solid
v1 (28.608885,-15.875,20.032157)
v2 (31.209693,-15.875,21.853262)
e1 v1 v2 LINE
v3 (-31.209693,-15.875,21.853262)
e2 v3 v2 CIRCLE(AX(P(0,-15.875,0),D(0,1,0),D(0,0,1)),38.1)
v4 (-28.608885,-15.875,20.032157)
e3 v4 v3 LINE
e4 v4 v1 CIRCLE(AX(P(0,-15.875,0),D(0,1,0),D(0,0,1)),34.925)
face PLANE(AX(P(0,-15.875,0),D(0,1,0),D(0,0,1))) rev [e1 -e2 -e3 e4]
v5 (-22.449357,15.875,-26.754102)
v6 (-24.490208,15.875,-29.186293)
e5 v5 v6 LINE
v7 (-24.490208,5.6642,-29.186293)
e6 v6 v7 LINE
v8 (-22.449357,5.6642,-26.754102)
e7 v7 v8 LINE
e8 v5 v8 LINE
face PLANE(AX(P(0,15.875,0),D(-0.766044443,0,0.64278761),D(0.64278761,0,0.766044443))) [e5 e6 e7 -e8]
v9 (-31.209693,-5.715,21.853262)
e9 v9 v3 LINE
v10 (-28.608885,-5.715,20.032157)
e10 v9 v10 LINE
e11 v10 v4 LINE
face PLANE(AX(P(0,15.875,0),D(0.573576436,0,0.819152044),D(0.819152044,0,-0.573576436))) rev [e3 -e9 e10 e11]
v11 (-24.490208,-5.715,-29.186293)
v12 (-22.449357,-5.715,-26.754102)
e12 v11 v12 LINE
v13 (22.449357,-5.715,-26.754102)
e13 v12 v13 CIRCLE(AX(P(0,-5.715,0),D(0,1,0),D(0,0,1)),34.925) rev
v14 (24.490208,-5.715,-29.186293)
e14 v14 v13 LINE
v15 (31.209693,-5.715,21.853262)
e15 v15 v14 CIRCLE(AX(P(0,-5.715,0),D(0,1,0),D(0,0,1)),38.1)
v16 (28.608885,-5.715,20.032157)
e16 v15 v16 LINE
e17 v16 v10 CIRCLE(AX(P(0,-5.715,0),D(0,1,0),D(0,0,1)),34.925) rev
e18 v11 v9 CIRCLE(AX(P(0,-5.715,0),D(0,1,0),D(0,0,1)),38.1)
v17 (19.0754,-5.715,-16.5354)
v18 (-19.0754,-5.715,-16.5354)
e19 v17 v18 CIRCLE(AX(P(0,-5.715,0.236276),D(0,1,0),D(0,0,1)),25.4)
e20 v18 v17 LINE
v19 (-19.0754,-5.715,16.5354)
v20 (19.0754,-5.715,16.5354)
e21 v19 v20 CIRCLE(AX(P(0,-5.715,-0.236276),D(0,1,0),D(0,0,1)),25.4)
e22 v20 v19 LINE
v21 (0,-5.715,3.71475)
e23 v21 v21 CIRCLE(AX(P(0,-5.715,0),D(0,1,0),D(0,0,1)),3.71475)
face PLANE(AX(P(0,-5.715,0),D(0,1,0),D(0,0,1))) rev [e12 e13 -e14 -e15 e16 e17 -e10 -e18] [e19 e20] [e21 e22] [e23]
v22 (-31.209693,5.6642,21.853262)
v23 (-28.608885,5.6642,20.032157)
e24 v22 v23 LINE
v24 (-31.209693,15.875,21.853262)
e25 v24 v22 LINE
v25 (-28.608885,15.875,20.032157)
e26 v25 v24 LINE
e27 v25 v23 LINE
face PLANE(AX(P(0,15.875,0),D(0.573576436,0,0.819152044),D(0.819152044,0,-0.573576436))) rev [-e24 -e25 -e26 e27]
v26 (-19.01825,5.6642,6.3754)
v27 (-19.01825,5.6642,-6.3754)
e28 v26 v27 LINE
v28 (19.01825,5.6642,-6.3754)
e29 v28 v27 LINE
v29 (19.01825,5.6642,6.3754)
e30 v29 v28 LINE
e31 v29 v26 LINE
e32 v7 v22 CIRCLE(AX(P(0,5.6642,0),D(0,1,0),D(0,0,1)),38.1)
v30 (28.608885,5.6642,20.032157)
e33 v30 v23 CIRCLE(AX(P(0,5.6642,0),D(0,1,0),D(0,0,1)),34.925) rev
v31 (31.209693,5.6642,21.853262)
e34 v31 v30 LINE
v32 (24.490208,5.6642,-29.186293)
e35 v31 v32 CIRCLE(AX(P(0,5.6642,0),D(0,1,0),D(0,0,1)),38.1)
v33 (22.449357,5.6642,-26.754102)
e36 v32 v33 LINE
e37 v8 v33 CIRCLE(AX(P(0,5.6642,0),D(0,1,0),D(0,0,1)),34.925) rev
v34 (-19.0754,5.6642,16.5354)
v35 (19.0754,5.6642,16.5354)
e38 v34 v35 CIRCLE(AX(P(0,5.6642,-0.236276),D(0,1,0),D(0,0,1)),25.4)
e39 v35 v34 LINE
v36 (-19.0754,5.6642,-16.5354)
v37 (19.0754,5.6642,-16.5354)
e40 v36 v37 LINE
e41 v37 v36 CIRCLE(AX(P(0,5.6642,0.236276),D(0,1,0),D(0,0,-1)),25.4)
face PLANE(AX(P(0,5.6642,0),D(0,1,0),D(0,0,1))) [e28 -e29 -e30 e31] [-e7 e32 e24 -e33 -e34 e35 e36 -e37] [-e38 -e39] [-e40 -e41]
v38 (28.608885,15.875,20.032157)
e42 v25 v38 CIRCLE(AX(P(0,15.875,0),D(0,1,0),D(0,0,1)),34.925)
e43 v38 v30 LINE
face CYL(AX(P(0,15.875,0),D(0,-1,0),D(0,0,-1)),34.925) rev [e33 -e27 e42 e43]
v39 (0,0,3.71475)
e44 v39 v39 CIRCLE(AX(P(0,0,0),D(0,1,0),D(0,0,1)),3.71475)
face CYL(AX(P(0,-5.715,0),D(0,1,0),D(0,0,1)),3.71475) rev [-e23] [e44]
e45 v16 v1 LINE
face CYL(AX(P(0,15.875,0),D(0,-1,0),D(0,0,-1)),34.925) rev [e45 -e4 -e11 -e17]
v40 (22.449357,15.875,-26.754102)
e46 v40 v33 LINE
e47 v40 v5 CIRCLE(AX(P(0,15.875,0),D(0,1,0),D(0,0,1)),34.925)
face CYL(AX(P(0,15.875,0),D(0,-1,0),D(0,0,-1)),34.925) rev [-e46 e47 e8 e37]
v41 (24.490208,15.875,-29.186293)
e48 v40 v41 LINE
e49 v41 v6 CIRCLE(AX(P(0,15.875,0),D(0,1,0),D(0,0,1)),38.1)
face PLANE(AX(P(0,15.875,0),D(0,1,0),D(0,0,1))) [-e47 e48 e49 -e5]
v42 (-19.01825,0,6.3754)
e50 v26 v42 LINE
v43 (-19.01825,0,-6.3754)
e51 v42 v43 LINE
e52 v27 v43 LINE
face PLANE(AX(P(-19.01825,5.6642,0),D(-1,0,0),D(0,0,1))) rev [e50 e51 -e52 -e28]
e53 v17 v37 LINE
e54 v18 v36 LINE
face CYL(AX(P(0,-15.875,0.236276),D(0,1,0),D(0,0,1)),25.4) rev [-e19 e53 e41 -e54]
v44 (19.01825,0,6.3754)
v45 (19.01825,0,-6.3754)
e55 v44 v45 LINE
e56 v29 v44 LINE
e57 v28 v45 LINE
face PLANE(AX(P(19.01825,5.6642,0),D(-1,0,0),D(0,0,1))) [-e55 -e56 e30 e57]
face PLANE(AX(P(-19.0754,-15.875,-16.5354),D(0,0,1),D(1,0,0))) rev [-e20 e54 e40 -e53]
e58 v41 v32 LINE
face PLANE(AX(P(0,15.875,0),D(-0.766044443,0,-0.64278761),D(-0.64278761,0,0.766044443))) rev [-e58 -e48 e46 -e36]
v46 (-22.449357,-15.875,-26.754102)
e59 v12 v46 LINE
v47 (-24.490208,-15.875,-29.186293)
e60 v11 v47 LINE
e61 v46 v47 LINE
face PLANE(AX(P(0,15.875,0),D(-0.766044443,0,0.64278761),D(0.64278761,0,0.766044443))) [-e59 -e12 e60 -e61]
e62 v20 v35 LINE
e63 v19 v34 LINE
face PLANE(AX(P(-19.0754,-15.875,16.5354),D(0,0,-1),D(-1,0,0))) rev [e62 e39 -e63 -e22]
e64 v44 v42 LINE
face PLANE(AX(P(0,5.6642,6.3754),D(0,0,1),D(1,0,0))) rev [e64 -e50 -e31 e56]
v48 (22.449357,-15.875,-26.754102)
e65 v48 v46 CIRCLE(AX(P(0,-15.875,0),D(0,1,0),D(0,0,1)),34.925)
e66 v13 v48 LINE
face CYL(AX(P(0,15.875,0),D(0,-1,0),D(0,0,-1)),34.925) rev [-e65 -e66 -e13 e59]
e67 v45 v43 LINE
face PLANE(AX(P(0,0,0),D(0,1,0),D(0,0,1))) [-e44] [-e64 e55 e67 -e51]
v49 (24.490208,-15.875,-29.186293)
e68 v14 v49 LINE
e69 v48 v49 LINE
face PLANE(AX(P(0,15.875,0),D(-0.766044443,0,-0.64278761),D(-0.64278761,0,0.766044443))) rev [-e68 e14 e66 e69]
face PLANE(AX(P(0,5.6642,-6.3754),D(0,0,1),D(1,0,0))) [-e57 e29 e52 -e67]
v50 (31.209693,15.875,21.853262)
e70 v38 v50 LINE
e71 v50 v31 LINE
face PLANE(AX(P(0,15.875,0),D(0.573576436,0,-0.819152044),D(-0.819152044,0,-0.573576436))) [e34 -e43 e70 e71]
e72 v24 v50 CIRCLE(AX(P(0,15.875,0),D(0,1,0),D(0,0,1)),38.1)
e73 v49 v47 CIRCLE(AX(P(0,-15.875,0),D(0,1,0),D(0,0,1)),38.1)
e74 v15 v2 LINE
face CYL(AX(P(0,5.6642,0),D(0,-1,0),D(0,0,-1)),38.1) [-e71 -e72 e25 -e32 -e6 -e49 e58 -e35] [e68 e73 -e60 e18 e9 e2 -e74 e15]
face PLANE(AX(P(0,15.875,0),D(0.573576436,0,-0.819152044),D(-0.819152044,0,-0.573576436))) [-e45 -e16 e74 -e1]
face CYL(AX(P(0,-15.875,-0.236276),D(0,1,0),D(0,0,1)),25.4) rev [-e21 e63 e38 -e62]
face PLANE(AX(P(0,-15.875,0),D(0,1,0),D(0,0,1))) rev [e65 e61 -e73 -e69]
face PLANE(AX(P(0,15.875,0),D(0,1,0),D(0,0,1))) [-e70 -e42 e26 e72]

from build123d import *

# Parameters (mm, degrees)
SKETCH1_R           = 38.1
SKETCH1_W           = 38.0365
SKETCH1_H           = 12.7508
BOSS_EXTRUDE1_DEPTH = 5.6642
BOSS_EXTRUDE2_START = -5.715
SKETCH1_3_R         = 38.1
SKETCH1_3_R_2       = 3.71475
BOSS_EXTRUDE2_DEPTH = 5.715
BOSS_EXTRUDE3_DEPTH = 15.875
CUT_EXTRUDE2_DEPTH  = 59.02721


with BuildPart() as part:
    # Sketch1 → Boss-Extrude1 (new body)
    with BuildSketch(Plane(origin=(0, 0, 0), x_dir=(1, 0, 0), z_dir=(0, 1, 0))):
        Circle(SKETCH1_R)
        Rectangle(SKETCH1_W, SKETCH1_H, mode=Mode.SUBTRACT)
    extrude(amount=BOSS_EXTRUDE1_DEPTH)

    # Sketch1<3> → Boss-Extrude2 (add)
    with BuildSketch(Plane(origin=(0, 0, 0), x_dir=(1, 0, 0), z_dir=(0, 1, 0)).offset(BOSS_EXTRUDE2_START)):
        Circle(SKETCH1_3_R)
        Circle(SKETCH1_3_R_2, mode=Mode.SUBTRACT)
    extrude(amount=BOSS_EXTRUDE2_DEPTH)

    # Sketch2 → Boss-Extrude3 (add, symmetric)
    with BuildSketch(Plane(origin=(0, 0, 0), x_dir=(1, 0, 0), z_dir=(0, 1, 0))):
        with BuildLine():
            ThreePointArc((24.490208, 29.186293), (0, 38.1), (-24.490208, 29.186293))
            Line((-24.490208, 29.186293), (-22.449357, 26.754102))
            ThreePointArc((-22.449357, 26.754102), (0, 34.925), (22.449357, 26.754102))
            Line((22.449357, 26.754102), (24.490208, 29.186293))
        make_face()
        with BuildLine():
            ThreePointArc((28.608885, -20.032157), (0, -34.925), (-28.608885, -20.032157))
            Line((-28.608885, -20.032157), (-31.209693, -21.853262))
            ThreePointArc((-31.209693, -21.853262), (0, -38.1), (31.209693, -21.853262))
            Line((31.209693, -21.853262), (28.608885, -20.032157))
        make_face()
    extrude(amount=BOSS_EXTRUDE3_DEPTH, both=True)

    # Sketch3 → Cut-Extrude2 (cut, through all)
    with BuildSketch(Plane(origin=(0, 5.6642, 0), x_dir=(1, 0, 0), z_dir=(0, 1, 0))):
        with BuildLine():
            Line((-19.0754, 16.5354), (19.0754, 16.5354))
            ThreePointArc((19.0754, 16.5354), (0, 25.163724), (-19.0754, 16.5354))
        make_face()
        with BuildLine():
            Line((-19.0754, -16.5354), (19.0754, -16.5354))
            ThreePointArc((19.0754, -16.5354), (0, -25.163724), (-19.0754, -16.5354))
        make_face()
    extrude(amount=-CUT_EXTRUDE2_DEPTH, mode=Mode.SUBTRACT)


solid = part.part
